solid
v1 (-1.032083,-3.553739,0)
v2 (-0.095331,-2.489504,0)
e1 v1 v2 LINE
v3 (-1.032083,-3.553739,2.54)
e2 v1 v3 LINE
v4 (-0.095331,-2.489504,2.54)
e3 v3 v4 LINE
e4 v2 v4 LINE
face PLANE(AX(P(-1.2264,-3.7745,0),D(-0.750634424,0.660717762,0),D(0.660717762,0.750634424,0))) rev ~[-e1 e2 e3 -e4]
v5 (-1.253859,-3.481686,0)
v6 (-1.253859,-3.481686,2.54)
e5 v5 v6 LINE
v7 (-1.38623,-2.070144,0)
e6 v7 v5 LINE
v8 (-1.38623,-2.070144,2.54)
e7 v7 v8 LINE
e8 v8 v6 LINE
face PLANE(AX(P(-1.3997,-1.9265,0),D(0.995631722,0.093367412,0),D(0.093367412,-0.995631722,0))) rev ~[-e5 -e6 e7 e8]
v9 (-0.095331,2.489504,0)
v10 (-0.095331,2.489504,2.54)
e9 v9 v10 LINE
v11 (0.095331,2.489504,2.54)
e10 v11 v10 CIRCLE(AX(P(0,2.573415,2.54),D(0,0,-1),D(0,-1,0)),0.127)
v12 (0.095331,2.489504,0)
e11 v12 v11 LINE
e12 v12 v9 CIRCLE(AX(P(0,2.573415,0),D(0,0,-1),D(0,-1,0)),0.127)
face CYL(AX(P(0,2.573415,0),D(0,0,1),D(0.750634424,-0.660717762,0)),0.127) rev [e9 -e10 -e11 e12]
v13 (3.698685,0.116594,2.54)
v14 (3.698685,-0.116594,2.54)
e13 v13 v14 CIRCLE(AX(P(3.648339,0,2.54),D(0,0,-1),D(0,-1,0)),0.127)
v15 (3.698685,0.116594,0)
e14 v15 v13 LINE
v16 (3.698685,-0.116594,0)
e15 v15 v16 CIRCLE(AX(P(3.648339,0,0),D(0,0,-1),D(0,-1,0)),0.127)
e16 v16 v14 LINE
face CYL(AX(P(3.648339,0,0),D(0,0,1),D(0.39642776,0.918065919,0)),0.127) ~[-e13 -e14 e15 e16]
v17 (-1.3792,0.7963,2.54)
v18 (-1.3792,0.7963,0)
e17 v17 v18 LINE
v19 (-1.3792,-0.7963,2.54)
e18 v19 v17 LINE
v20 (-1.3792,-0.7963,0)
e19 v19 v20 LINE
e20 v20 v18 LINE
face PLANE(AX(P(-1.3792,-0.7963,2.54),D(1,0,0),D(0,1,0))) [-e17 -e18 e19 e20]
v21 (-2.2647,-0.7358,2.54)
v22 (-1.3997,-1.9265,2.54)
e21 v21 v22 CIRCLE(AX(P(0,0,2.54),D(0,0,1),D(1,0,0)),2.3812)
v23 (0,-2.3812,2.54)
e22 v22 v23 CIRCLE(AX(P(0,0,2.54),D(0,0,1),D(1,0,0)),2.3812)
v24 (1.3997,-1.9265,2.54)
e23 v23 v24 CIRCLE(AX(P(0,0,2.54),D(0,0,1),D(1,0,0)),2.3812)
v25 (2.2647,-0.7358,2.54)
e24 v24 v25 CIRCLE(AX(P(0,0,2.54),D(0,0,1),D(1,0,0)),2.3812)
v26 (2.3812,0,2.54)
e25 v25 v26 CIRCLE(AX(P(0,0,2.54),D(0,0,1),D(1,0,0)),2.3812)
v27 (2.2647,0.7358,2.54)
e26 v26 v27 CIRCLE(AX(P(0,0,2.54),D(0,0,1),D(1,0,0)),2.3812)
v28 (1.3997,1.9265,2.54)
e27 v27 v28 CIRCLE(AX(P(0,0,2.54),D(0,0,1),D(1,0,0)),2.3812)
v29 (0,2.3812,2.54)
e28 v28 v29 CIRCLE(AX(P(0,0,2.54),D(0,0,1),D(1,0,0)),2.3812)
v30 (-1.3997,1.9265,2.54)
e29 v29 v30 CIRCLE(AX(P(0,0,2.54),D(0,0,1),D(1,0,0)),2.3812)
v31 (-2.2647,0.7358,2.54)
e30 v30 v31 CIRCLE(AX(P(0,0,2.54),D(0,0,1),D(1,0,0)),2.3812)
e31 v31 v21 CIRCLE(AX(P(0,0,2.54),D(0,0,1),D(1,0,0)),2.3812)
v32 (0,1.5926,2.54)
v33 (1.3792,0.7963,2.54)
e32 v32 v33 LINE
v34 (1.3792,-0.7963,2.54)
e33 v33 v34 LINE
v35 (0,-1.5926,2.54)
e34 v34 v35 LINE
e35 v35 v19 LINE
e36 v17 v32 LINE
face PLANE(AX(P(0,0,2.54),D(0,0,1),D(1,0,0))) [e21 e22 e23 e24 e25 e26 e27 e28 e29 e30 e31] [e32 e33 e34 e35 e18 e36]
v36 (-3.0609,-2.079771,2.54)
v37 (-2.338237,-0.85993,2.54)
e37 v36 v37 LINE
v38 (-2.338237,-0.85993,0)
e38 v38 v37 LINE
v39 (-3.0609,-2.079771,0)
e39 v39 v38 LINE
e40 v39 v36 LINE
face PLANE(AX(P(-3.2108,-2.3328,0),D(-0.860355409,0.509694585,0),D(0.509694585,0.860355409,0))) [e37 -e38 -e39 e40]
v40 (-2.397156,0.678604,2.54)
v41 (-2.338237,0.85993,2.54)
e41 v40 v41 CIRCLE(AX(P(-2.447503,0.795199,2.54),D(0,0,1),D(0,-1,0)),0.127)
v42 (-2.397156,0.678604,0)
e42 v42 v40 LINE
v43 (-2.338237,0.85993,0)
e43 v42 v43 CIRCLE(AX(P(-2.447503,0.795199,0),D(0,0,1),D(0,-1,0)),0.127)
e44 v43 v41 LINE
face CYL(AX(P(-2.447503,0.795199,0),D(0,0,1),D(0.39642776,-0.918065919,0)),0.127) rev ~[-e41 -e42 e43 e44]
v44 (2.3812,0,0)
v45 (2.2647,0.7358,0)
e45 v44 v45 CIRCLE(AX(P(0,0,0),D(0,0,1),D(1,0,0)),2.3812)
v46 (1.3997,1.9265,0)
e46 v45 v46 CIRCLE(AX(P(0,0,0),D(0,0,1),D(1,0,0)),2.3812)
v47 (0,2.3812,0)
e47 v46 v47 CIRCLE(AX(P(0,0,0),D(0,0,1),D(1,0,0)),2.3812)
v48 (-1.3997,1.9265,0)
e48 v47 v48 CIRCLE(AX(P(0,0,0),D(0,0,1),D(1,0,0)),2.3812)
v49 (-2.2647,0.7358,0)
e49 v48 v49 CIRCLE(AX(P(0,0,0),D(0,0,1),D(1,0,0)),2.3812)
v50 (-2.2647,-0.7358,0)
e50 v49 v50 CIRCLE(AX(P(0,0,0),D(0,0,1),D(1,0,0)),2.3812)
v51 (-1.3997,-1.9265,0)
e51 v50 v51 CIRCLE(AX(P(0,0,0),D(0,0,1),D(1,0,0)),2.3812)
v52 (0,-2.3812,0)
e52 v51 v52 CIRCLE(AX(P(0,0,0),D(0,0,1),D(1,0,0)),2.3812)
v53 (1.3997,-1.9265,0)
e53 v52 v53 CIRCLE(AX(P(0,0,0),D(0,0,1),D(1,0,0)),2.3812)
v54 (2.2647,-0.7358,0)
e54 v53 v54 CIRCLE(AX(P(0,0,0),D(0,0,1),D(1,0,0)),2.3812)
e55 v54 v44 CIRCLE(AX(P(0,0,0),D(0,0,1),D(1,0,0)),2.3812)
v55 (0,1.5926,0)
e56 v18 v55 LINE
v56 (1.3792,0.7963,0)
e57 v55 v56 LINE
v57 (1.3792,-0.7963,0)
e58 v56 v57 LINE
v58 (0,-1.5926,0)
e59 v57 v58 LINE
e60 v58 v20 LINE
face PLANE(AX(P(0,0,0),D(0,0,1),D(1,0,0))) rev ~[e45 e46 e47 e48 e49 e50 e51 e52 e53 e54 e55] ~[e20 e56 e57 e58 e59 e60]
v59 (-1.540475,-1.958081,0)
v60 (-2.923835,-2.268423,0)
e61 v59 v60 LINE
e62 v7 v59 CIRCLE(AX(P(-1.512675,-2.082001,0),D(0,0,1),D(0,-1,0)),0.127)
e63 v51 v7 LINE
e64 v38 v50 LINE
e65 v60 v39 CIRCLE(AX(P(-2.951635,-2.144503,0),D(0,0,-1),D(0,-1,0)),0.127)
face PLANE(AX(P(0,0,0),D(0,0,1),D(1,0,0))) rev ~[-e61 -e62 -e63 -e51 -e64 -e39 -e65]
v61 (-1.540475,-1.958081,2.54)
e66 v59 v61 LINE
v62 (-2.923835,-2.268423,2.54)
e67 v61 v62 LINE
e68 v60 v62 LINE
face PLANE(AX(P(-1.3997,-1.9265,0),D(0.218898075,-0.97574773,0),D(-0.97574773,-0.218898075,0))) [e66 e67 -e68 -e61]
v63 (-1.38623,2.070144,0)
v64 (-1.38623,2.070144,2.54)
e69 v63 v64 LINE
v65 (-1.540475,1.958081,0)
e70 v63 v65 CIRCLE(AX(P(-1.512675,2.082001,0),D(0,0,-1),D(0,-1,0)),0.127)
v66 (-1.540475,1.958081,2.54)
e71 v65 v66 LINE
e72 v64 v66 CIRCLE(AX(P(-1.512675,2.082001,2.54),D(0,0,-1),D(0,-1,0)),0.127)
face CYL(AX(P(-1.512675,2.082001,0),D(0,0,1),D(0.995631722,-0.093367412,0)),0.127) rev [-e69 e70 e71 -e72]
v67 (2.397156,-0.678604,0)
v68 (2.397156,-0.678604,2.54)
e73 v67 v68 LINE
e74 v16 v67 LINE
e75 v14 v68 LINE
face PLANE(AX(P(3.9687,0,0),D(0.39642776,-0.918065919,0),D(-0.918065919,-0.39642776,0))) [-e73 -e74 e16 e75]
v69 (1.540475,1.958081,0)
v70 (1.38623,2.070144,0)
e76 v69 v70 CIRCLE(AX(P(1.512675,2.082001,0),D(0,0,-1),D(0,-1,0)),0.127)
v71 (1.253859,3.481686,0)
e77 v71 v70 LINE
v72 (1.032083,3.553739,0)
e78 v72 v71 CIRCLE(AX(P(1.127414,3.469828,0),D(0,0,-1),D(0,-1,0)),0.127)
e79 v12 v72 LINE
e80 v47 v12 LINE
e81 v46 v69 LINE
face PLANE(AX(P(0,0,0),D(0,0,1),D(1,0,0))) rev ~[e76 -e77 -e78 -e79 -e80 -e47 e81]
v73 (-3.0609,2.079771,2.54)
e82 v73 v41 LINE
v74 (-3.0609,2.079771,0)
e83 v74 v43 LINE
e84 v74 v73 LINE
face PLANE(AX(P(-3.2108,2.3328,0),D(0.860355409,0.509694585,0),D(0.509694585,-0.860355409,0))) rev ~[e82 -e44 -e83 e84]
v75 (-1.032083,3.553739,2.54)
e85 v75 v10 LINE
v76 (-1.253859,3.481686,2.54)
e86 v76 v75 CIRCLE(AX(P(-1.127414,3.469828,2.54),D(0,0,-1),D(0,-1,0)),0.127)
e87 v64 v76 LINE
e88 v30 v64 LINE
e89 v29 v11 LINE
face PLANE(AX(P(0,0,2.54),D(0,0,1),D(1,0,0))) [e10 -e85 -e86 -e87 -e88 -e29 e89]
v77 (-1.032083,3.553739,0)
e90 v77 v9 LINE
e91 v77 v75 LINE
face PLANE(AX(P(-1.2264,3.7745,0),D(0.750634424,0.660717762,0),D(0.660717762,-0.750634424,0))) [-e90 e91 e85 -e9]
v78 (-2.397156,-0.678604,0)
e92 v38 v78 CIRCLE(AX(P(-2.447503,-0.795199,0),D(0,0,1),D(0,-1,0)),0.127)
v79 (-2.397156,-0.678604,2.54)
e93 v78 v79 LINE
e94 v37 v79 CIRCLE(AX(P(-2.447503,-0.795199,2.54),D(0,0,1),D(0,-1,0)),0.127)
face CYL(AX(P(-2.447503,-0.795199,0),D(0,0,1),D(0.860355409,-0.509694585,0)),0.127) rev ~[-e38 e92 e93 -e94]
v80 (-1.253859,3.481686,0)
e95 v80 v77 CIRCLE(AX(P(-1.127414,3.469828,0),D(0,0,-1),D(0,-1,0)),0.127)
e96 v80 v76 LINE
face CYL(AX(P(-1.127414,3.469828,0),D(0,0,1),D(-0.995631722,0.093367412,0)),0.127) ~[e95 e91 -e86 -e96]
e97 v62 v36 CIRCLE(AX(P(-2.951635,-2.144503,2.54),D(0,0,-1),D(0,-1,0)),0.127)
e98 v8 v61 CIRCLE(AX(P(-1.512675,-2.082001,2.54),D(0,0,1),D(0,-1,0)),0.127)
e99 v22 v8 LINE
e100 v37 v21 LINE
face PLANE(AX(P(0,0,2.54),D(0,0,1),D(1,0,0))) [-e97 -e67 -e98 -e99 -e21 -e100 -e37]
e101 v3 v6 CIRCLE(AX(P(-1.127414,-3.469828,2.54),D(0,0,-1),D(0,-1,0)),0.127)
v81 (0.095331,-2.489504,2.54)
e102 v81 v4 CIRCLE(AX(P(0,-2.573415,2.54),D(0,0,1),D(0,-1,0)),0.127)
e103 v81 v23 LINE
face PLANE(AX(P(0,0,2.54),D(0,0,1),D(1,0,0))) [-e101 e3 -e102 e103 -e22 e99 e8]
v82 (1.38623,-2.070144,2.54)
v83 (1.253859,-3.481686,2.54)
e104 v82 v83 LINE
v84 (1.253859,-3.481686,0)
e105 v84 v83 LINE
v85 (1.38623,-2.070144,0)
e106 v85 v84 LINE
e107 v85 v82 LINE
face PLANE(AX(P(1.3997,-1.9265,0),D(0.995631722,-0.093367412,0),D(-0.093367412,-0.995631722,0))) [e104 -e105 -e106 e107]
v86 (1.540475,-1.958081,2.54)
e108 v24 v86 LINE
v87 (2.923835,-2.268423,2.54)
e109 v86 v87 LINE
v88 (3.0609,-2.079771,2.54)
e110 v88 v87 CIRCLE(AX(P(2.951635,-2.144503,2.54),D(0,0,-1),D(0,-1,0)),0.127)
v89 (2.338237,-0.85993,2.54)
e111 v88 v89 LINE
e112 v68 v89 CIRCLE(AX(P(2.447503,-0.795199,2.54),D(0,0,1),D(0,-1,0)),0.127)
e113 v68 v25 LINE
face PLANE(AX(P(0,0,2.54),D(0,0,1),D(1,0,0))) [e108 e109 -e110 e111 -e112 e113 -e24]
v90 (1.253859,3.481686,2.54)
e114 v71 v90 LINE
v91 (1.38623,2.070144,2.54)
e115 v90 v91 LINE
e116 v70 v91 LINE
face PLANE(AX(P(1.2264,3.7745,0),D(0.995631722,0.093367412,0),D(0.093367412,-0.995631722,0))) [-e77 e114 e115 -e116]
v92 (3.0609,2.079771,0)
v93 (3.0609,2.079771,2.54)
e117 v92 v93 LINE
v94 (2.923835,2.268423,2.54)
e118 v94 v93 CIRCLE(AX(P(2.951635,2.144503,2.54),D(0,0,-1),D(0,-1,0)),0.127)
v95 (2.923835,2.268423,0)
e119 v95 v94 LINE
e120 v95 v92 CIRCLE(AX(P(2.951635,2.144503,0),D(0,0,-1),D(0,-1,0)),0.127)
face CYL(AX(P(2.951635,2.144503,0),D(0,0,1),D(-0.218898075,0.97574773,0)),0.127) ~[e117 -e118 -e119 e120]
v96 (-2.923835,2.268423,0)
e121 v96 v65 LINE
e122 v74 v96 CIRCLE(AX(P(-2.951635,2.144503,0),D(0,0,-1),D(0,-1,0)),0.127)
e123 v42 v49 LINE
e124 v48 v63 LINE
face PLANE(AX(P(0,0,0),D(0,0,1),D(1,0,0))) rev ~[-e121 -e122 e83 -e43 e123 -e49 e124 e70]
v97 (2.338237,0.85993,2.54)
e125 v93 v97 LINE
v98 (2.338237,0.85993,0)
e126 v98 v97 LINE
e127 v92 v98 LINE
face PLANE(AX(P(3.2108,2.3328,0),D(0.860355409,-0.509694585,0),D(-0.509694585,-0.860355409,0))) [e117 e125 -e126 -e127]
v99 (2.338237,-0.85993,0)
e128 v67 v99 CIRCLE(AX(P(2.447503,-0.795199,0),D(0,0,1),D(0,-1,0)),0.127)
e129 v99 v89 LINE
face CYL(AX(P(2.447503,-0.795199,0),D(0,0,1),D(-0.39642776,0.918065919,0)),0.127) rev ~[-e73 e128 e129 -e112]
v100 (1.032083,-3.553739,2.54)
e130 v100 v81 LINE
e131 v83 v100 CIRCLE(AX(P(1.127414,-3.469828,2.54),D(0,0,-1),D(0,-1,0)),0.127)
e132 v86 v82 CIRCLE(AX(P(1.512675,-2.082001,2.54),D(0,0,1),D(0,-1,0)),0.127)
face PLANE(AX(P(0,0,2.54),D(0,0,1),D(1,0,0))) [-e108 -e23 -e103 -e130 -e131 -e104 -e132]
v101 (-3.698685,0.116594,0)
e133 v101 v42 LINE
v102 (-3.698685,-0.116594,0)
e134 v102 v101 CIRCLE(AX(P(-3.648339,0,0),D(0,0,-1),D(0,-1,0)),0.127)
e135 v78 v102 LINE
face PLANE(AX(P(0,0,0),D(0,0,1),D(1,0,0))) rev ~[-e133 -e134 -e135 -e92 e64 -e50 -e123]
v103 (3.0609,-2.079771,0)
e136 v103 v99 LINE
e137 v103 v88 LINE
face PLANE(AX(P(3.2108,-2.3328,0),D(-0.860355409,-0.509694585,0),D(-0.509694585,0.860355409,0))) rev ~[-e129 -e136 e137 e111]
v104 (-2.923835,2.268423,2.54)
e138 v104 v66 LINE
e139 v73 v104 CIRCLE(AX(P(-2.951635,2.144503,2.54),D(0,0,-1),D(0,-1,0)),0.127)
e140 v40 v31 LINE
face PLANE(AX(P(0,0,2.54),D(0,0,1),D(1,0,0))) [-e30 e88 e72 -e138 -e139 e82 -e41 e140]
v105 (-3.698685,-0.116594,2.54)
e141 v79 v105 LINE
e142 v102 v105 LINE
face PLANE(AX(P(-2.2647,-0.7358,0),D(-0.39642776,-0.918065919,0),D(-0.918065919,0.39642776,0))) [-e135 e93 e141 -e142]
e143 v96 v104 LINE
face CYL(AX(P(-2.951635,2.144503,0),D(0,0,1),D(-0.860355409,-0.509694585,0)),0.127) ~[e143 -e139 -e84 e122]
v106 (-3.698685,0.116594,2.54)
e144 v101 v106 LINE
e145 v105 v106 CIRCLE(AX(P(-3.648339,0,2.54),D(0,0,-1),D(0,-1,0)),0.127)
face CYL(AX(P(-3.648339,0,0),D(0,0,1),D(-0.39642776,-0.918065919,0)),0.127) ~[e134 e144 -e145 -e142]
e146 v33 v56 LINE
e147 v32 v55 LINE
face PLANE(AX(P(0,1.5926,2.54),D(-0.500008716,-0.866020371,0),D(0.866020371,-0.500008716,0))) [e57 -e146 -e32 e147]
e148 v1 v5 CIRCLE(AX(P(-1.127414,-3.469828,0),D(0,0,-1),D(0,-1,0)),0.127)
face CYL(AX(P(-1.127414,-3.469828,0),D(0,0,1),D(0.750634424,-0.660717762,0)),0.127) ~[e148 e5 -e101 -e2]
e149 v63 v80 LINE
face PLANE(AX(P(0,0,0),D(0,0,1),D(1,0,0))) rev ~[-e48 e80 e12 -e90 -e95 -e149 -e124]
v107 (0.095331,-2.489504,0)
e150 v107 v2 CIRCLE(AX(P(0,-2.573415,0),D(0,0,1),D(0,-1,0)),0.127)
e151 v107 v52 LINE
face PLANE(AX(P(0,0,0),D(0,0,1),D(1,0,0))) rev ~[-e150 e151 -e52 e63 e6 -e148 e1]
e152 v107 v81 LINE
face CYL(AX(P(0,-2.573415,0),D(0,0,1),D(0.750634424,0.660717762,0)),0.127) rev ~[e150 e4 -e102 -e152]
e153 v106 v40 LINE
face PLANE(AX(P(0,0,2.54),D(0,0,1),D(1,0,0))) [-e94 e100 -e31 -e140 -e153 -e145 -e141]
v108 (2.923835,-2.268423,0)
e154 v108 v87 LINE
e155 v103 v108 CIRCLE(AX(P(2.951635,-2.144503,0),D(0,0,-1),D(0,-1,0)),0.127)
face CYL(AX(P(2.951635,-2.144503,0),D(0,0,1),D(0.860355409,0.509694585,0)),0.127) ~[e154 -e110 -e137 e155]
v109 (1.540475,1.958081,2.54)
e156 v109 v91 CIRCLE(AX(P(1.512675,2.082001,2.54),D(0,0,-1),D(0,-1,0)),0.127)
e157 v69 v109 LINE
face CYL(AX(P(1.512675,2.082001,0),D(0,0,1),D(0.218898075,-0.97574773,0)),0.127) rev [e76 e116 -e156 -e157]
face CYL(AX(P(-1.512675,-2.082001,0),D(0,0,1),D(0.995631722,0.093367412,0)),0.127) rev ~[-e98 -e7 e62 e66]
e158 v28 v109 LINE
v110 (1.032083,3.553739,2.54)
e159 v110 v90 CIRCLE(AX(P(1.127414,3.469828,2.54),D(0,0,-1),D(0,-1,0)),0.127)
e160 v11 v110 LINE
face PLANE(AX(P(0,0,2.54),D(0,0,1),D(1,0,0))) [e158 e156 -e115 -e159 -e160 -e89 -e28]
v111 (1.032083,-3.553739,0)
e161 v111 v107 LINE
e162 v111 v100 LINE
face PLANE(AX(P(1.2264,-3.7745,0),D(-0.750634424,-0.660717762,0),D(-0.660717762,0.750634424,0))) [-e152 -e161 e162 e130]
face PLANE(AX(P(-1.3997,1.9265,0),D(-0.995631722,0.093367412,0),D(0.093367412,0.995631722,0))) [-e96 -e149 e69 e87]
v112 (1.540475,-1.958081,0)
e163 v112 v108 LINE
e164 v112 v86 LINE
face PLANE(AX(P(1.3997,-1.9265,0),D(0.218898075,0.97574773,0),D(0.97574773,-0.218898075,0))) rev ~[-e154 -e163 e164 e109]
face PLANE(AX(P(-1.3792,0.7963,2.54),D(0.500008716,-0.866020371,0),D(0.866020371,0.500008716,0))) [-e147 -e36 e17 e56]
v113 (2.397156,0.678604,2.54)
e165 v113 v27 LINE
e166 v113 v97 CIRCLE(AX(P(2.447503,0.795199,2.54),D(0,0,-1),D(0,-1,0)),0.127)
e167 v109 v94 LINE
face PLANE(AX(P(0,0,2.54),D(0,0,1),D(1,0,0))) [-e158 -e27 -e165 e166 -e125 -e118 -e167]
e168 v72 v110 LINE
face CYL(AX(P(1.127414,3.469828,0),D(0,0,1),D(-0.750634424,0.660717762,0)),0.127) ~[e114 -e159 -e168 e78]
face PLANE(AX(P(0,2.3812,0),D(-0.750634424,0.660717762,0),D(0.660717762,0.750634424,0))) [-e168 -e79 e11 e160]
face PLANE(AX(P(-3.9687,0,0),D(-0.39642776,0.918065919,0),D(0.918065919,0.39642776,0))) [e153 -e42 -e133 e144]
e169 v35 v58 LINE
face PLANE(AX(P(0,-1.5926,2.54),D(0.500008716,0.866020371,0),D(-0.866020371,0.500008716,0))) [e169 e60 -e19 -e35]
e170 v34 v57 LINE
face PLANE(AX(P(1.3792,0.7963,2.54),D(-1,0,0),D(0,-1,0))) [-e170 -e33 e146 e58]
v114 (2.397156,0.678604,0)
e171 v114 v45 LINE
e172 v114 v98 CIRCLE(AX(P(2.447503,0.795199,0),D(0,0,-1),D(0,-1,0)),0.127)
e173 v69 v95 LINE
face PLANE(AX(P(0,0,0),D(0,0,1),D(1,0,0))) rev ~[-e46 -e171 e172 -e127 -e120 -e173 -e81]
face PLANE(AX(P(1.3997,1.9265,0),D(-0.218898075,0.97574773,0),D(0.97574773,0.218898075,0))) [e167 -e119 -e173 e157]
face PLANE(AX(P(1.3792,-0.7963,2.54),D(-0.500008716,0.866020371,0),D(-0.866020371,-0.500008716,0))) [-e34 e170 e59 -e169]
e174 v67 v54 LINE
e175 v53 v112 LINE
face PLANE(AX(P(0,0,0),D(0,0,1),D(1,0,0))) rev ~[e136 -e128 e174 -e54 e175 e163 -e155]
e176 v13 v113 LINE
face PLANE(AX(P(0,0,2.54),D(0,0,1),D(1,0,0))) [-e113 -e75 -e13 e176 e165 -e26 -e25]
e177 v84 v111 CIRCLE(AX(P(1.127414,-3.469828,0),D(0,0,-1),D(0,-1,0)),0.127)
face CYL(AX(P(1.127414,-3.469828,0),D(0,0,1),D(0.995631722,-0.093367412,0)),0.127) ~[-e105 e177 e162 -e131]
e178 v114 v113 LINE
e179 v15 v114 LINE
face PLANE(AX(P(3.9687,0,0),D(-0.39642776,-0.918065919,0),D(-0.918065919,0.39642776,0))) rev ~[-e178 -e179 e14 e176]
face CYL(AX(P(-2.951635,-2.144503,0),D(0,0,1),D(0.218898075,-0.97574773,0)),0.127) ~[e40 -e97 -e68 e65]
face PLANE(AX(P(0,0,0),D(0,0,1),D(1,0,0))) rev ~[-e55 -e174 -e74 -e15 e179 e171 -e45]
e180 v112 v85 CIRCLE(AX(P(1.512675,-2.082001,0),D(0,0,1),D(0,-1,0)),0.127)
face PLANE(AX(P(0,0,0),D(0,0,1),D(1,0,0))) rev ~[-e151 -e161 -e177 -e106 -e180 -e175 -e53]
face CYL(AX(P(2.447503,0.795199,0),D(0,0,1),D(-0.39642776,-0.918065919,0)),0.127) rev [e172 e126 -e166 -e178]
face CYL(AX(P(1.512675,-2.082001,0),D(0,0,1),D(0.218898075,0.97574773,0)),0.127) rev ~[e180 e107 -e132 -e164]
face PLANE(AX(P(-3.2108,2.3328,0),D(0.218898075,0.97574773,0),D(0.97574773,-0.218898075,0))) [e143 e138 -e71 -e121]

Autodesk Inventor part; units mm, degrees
ref_plane "YZ Plane" through (0, 0, 0) normal (1, 0, 0) x (0, 1, 0)
ref_plane "XZ Plane" through (0, 0, 0) normal (0, 1, 0) x (-1, 0, 0)
ref_plane "XY Plane" through (0, 0, 0) normal (0, 0, 1) x (1, 0, 0)
sketch "Sketch1" plane through (0, 0, 0) normal (0, 0, 1) x (1, 0, 0)
  circle A0 centre (0, 0) radius 2.3812 construction
  circle A1 centre (0, 0) radius 3.9687 construction
  circle A2 centre (0, 0) radius 2.3812
  circle A3 centre (0, 0) radius 2.3812
  circle A4 centre (0, 0) radius 2.3812
  circle A5 centre (0, 0) radius 2.3812
  circle A6 centre (0, 0) radius 2.3812
  circle A7 centre (0, 0) radius 2.3812
  circle A8 centre (0, 0) radius 2.3812
  circle A9 centre (0, 0) radius 2.3812
  circle A10 centre (0, 0) radius 2.3812
  line L0 (-1.3997, 1.9265) -> (-1.2264, 3.7745)
  line L1 (-1.2264, 3.7745) -> (0, 2.3812)
  line L2 (1.3997, 1.9265) -> (3.2108, 2.3328)
  line L3 (3.2108, 2.3328) -> (2.2647, 0.7358)
  line L4 (3.9687, 0) -> (2.2647, 0.7358)
  line L5 (3.9687, 0) -> (2.2647, -0.7358)
  line L6 (3.2108, -2.3328) -> (2.2647, -0.7358)
  line L7 (1.3997, -1.9265) -> (3.2108, -2.3328)
  line L8 (1.3997, -1.9265) -> (1.2264, -3.7745)
  line L9 (1.2264, -3.7745) -> (0, -2.3812)
  line L10 (-1.2264, -3.7745) -> (0, -2.3812)
  line L11 (-1.3997, -1.9265) -> (-1.2264, -3.7745)
  line L12 (-1.3997, -1.9265) -> (-3.2108, -2.3328)
  line L13 (-3.2108, -2.3328) -> (-2.2647, -0.7358)
  line L14 (-2.2647, -0.7358) -> (-3.9687, 0)
  line L15 (-3.9687, 0) -> (-2.2647, 0.7358)
  line L16 (-3.2108, 2.3328) -> (-2.2647, 0.7358)
  line L17 (-3.2108, 2.3328) -> (-1.3997, 1.9265)
  line L18 (0, 2.3812) -> (1.2264, 3.7745)
  line L19 (1.2264, 3.7745) -> (1.3997, 1.9265)
  dimension "d0" = 4.7625
  dimension "d1" = 7.9375
  dimension "d4" = 360
  dimension "d6" = 82.712
extrude "Extrusion1" add sketch "Sketch1" along normal blind 2.54
sketch "Sketch2" plane through (0, 0, 2.54) normal (0, 0, 1) x (1, 0, 0)
  line L0 (0, 1.5926) -> (1.3792, 0.7963)
  line L1 (1.3792, 0.7963) -> (1.3792, -0.7963)
  line L2 (1.3792, -0.7963) -> (0, -1.5926)
  line L3 (0, -1.5926) -> (-1.3792, -0.7963)
  line L4 (-1.3792, -0.7963) -> (-1.3792, 0.7963)
  line L5 (-1.3792, 0.7963) -> (0, 1.5926)
  point P0 (0, 0)
  point P1 (0, 0)
  dimension "d9" = 3.1852
  dimension "d10" = 1.3792
extrude "Extrusion2" cut sketch "Sketch2" against normal through all
fillet "Fillet1" radius 0.127 20 edges at (-3.2108, -2.3328, 1.27) (-3.9687, 0, 1.27) (-3.2108, 2.3328, 1.27) (-1.2264, 3.7745, 1.27) (1.2264, 3.7745, 1.27) (3.2108, 2.3328, 1.27) (3.9687, 0, 1.27) (3.2108, -2.3328, 1.27) (1.2264, -3.7745, 1.27) (-1.2264, -3.7745, 1.27) (0, -2.3812, 1.27) (1.3997, -1.9265, 1.27) (2.2647, 0.7358, 1.27) (2.2647, -0.7358, 1.27) (1.3997, 1.9265, 1.27) (0, 2.3812, 1.27) (-1.3997, 1.9265, 1.27) (-2.2647, 0.7358, 1.27) (-2.2647, -0.7358, 1.27) (-1.3997, -1.9265, 1.27)
properties part number "000113"
